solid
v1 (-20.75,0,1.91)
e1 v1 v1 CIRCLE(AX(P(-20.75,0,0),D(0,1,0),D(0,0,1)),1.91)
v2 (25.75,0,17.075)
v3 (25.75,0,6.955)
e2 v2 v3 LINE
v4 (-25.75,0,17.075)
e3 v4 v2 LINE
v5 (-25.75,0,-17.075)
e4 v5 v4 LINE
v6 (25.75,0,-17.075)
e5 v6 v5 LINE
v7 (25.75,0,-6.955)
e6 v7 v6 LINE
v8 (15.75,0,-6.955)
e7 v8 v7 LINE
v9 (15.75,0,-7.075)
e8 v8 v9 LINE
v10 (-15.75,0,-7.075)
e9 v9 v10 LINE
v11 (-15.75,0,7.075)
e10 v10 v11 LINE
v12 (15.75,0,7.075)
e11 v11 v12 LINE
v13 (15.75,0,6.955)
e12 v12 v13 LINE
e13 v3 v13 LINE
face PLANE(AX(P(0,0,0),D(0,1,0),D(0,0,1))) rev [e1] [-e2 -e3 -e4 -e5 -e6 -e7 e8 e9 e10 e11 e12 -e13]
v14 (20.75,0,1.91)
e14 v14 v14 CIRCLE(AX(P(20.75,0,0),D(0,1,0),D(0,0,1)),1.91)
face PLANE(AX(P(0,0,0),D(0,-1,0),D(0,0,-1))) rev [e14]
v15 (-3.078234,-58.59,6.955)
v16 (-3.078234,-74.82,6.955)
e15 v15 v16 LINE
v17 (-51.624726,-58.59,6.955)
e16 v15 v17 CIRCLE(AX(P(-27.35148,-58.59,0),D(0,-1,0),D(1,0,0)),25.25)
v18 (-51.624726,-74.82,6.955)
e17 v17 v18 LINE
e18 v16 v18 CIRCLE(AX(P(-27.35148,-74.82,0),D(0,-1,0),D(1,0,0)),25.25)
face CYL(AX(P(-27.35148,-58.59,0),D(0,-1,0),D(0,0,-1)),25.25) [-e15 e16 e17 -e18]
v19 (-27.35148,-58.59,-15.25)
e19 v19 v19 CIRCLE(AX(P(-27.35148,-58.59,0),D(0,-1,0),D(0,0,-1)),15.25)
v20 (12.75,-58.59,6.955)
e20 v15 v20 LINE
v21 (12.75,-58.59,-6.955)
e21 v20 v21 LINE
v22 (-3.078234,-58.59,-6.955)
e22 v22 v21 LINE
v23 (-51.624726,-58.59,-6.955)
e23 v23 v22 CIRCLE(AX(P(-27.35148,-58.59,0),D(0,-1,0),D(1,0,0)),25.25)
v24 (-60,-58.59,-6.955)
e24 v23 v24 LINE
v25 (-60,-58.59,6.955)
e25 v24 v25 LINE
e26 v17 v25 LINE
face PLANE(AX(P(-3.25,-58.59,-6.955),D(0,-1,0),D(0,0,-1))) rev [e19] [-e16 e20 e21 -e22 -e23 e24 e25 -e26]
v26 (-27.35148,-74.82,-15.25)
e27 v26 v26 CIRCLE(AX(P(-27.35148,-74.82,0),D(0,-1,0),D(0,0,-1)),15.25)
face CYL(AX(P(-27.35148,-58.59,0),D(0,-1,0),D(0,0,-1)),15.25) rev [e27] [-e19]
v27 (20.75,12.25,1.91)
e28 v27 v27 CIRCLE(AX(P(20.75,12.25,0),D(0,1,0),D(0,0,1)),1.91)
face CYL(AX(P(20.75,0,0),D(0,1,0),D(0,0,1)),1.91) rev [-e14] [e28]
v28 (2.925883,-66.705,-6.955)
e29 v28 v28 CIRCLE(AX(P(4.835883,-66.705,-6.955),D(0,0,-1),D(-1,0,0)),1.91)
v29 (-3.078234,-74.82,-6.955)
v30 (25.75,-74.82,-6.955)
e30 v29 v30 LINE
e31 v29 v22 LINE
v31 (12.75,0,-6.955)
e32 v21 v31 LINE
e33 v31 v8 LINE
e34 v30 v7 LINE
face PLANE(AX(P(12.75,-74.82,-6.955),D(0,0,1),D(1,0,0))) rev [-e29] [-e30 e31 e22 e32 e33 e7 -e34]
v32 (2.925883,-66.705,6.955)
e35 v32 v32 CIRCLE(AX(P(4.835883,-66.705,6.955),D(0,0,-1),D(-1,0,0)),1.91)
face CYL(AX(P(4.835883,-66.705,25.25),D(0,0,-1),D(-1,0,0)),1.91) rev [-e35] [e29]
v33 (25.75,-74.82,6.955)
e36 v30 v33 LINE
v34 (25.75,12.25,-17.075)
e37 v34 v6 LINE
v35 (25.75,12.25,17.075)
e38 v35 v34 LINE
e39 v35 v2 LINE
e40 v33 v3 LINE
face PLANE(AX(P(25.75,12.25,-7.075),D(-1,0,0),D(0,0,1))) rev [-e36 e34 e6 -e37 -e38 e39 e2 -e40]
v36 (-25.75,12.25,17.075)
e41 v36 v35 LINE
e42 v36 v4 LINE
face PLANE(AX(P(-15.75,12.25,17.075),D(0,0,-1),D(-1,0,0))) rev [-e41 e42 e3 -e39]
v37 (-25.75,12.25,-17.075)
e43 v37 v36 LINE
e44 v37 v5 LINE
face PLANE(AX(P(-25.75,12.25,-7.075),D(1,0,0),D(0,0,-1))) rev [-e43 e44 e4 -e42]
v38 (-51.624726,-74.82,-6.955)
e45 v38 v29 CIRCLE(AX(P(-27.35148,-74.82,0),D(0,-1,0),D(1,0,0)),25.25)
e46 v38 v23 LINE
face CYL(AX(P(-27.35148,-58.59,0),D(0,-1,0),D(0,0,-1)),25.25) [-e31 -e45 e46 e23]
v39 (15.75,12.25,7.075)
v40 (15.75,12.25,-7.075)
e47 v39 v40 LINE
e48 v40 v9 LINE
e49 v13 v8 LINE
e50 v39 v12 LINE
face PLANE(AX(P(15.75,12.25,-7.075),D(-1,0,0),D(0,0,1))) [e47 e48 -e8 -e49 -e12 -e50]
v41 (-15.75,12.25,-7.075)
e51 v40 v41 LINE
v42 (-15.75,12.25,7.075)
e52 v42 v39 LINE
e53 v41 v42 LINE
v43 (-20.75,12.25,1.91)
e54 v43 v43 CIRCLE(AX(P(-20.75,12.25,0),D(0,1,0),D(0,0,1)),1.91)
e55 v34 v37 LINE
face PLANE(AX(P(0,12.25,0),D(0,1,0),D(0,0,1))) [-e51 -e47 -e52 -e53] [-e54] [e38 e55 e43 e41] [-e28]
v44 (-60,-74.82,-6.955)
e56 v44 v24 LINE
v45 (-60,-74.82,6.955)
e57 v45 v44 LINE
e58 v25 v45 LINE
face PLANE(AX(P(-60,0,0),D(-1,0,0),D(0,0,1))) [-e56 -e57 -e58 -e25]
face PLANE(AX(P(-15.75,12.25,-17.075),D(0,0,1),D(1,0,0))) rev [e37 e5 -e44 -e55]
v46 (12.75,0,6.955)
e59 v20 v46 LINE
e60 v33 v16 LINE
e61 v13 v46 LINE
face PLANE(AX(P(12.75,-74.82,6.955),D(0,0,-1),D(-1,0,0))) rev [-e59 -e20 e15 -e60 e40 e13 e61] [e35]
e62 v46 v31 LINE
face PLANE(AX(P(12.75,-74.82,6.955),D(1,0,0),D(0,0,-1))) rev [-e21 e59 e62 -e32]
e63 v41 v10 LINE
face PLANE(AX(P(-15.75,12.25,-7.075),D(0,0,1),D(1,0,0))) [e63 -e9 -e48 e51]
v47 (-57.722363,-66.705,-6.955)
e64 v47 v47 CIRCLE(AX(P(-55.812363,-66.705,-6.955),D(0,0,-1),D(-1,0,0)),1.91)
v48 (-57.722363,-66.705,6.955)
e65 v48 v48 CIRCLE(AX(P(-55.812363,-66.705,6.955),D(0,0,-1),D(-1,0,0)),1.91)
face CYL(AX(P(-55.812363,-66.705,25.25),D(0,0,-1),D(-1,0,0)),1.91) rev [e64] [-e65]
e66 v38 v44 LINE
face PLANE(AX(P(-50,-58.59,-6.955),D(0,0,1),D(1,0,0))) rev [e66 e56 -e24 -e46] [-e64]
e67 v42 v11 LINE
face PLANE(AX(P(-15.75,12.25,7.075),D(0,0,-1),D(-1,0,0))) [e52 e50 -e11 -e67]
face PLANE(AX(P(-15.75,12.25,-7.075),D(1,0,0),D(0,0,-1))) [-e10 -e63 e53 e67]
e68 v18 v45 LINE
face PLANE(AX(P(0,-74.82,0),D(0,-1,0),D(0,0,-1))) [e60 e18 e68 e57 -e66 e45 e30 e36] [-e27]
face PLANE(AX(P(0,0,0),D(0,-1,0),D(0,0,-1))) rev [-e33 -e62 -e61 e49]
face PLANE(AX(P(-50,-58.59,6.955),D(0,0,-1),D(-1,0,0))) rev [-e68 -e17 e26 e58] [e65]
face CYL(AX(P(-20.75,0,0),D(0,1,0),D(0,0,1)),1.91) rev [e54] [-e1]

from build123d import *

# Parameters (mm, degrees)
SKETCH_1_W          = 51.5
SKETCH_1_H          = 34.15
SKETCH_1_W_2        = 31.5
SKETCH_1_H_2        = 14.15
EXTRUDE_1_DEPTH     = 12.25
SKETCH_2_R          = 1.91
CUT_EXTRUDE_1_DEPTH = 34.236736076
SKETCH_4_W          = 13
SKETCH_4_H          = 13.91
EXTRUDE_1_2_DEPTH   = 74.82
SKETCH_5_W          = 13.91
SKETCH_5_H          = 16.23
EXTRUDE_2_DEPTH     = 16
SKETCH_7_R          = 25.25
SKETCH_7_R_2        = 15.25
EXTRUDE_2_2_DEPTH   = 16.23
SKETCH_15_R         = 1.91
CUT_EXTRUDE_6_DEPTH = 97.964478439
SKETCH_16_W         = 13.91
SKETCH_16_H         = 16.23
EXTRUDE_4_DEPTH     = 10
SKETCH_17_R         = 1.91
CUT_EXTRUDE_7_DEPTH = 102.16913771


with BuildPart() as part:
    # 草圖1 → Extrude 1 (new body)
    with BuildSketch(Plane(origin=(0, 0, 0), x_dir=(1, 0, 0), z_dir=(0, 1, 0))):
        Rectangle(SKETCH_1_W, SKETCH_1_H)
        Rectangle(SKETCH_1_W_2, SKETCH_1_H_2, mode=Mode.SUBTRACT)
    extrude(amount=EXTRUDE_1_DEPTH)

    # 草圖2 → 除料-伸長1 (cut, through all)
    with BuildSketch(Plane(origin=(0, 12.25, 0), x_dir=(1, 0, 0), z_dir=(0, 1, 0))):
        with Locations((-20.75, 0)):
            Circle(SKETCH_2_R)
        with Locations((20.75, 0)):
            Circle(SKETCH_2_R)
    extrude(amount=-CUT_EXTRUDE_1_DEPTH, mode=Mode.SUBTRACT)

    # 草圖4 → Extrude 1 2 (add)
    with BuildSketch(Plane.XZ):
        with Locations((19.25, 0)):
            Rectangle(SKETCH_4_W, SKETCH_4_H)
    extrude(amount=EXTRUDE_1_2_DEPTH)

    # 草圖5 → Extrude 2 (add)
    with BuildSketch(Plane.ZY.offset(-12.75)):
        with Locations((0, -66.705)):
            Rectangle(SKETCH_5_W, SKETCH_5_H)
    extrude(amount=EXTRUDE_2_DEPTH)

    # 草圖7 → Extrude 2 2 (add)
    with BuildSketch(Plane(origin=(3.626674765, -74.82, 0), x_dir=(1, 0, 0), z_dir=(0, -1, 0))):
        with Locations((-30.978154344, 0)):
            Circle(SKETCH_7_R)
        with Locations((-30.978154344, 0)):
            Circle(SKETCH_7_R_2, mode=Mode.SUBTRACT)
    extrude(amount=-EXTRUDE_2_2_DEPTH)

    # 草圖15 → 除料-伸長6 (cut, through all)
    with BuildSketch(Plane(origin=(0, 0, -6.955), x_dir=(-1, 0, 0), z_dir=(0, 0, -1))):
        with Locations((-4.835883248, -66.705)):
            Circle(SKETCH_15_R)
    extrude(amount=-CUT_EXTRUDE_6_DEPTH, mode=Mode.SUBTRACT)

    # 草圖16 → 填料-伸長4 (add)
    with BuildSketch(Plane(origin=(-60, 0, 0), x_dir=(0, 0, -1), z_dir=(1, 0, 0))):
        with Locations((0, -66.705)):
            Rectangle(SKETCH_16_W, SKETCH_16_H)
    extrude(amount=EXTRUDE_4_DEPTH)

    # 草圖17 → 除料-伸長7 (cut, through all)
    with BuildSketch(Plane(origin=(0, 0, -6.955), x_dir=(-1, 0, 0), z_dir=(0, 0, -1))):
        with Locations((55.812362827, -66.705)):
            Circle(SKETCH_17_R)
    extrude(amount=-CUT_EXTRUDE_7_DEPTH, mode=Mode.SUBTRACT)


solid = part.part
